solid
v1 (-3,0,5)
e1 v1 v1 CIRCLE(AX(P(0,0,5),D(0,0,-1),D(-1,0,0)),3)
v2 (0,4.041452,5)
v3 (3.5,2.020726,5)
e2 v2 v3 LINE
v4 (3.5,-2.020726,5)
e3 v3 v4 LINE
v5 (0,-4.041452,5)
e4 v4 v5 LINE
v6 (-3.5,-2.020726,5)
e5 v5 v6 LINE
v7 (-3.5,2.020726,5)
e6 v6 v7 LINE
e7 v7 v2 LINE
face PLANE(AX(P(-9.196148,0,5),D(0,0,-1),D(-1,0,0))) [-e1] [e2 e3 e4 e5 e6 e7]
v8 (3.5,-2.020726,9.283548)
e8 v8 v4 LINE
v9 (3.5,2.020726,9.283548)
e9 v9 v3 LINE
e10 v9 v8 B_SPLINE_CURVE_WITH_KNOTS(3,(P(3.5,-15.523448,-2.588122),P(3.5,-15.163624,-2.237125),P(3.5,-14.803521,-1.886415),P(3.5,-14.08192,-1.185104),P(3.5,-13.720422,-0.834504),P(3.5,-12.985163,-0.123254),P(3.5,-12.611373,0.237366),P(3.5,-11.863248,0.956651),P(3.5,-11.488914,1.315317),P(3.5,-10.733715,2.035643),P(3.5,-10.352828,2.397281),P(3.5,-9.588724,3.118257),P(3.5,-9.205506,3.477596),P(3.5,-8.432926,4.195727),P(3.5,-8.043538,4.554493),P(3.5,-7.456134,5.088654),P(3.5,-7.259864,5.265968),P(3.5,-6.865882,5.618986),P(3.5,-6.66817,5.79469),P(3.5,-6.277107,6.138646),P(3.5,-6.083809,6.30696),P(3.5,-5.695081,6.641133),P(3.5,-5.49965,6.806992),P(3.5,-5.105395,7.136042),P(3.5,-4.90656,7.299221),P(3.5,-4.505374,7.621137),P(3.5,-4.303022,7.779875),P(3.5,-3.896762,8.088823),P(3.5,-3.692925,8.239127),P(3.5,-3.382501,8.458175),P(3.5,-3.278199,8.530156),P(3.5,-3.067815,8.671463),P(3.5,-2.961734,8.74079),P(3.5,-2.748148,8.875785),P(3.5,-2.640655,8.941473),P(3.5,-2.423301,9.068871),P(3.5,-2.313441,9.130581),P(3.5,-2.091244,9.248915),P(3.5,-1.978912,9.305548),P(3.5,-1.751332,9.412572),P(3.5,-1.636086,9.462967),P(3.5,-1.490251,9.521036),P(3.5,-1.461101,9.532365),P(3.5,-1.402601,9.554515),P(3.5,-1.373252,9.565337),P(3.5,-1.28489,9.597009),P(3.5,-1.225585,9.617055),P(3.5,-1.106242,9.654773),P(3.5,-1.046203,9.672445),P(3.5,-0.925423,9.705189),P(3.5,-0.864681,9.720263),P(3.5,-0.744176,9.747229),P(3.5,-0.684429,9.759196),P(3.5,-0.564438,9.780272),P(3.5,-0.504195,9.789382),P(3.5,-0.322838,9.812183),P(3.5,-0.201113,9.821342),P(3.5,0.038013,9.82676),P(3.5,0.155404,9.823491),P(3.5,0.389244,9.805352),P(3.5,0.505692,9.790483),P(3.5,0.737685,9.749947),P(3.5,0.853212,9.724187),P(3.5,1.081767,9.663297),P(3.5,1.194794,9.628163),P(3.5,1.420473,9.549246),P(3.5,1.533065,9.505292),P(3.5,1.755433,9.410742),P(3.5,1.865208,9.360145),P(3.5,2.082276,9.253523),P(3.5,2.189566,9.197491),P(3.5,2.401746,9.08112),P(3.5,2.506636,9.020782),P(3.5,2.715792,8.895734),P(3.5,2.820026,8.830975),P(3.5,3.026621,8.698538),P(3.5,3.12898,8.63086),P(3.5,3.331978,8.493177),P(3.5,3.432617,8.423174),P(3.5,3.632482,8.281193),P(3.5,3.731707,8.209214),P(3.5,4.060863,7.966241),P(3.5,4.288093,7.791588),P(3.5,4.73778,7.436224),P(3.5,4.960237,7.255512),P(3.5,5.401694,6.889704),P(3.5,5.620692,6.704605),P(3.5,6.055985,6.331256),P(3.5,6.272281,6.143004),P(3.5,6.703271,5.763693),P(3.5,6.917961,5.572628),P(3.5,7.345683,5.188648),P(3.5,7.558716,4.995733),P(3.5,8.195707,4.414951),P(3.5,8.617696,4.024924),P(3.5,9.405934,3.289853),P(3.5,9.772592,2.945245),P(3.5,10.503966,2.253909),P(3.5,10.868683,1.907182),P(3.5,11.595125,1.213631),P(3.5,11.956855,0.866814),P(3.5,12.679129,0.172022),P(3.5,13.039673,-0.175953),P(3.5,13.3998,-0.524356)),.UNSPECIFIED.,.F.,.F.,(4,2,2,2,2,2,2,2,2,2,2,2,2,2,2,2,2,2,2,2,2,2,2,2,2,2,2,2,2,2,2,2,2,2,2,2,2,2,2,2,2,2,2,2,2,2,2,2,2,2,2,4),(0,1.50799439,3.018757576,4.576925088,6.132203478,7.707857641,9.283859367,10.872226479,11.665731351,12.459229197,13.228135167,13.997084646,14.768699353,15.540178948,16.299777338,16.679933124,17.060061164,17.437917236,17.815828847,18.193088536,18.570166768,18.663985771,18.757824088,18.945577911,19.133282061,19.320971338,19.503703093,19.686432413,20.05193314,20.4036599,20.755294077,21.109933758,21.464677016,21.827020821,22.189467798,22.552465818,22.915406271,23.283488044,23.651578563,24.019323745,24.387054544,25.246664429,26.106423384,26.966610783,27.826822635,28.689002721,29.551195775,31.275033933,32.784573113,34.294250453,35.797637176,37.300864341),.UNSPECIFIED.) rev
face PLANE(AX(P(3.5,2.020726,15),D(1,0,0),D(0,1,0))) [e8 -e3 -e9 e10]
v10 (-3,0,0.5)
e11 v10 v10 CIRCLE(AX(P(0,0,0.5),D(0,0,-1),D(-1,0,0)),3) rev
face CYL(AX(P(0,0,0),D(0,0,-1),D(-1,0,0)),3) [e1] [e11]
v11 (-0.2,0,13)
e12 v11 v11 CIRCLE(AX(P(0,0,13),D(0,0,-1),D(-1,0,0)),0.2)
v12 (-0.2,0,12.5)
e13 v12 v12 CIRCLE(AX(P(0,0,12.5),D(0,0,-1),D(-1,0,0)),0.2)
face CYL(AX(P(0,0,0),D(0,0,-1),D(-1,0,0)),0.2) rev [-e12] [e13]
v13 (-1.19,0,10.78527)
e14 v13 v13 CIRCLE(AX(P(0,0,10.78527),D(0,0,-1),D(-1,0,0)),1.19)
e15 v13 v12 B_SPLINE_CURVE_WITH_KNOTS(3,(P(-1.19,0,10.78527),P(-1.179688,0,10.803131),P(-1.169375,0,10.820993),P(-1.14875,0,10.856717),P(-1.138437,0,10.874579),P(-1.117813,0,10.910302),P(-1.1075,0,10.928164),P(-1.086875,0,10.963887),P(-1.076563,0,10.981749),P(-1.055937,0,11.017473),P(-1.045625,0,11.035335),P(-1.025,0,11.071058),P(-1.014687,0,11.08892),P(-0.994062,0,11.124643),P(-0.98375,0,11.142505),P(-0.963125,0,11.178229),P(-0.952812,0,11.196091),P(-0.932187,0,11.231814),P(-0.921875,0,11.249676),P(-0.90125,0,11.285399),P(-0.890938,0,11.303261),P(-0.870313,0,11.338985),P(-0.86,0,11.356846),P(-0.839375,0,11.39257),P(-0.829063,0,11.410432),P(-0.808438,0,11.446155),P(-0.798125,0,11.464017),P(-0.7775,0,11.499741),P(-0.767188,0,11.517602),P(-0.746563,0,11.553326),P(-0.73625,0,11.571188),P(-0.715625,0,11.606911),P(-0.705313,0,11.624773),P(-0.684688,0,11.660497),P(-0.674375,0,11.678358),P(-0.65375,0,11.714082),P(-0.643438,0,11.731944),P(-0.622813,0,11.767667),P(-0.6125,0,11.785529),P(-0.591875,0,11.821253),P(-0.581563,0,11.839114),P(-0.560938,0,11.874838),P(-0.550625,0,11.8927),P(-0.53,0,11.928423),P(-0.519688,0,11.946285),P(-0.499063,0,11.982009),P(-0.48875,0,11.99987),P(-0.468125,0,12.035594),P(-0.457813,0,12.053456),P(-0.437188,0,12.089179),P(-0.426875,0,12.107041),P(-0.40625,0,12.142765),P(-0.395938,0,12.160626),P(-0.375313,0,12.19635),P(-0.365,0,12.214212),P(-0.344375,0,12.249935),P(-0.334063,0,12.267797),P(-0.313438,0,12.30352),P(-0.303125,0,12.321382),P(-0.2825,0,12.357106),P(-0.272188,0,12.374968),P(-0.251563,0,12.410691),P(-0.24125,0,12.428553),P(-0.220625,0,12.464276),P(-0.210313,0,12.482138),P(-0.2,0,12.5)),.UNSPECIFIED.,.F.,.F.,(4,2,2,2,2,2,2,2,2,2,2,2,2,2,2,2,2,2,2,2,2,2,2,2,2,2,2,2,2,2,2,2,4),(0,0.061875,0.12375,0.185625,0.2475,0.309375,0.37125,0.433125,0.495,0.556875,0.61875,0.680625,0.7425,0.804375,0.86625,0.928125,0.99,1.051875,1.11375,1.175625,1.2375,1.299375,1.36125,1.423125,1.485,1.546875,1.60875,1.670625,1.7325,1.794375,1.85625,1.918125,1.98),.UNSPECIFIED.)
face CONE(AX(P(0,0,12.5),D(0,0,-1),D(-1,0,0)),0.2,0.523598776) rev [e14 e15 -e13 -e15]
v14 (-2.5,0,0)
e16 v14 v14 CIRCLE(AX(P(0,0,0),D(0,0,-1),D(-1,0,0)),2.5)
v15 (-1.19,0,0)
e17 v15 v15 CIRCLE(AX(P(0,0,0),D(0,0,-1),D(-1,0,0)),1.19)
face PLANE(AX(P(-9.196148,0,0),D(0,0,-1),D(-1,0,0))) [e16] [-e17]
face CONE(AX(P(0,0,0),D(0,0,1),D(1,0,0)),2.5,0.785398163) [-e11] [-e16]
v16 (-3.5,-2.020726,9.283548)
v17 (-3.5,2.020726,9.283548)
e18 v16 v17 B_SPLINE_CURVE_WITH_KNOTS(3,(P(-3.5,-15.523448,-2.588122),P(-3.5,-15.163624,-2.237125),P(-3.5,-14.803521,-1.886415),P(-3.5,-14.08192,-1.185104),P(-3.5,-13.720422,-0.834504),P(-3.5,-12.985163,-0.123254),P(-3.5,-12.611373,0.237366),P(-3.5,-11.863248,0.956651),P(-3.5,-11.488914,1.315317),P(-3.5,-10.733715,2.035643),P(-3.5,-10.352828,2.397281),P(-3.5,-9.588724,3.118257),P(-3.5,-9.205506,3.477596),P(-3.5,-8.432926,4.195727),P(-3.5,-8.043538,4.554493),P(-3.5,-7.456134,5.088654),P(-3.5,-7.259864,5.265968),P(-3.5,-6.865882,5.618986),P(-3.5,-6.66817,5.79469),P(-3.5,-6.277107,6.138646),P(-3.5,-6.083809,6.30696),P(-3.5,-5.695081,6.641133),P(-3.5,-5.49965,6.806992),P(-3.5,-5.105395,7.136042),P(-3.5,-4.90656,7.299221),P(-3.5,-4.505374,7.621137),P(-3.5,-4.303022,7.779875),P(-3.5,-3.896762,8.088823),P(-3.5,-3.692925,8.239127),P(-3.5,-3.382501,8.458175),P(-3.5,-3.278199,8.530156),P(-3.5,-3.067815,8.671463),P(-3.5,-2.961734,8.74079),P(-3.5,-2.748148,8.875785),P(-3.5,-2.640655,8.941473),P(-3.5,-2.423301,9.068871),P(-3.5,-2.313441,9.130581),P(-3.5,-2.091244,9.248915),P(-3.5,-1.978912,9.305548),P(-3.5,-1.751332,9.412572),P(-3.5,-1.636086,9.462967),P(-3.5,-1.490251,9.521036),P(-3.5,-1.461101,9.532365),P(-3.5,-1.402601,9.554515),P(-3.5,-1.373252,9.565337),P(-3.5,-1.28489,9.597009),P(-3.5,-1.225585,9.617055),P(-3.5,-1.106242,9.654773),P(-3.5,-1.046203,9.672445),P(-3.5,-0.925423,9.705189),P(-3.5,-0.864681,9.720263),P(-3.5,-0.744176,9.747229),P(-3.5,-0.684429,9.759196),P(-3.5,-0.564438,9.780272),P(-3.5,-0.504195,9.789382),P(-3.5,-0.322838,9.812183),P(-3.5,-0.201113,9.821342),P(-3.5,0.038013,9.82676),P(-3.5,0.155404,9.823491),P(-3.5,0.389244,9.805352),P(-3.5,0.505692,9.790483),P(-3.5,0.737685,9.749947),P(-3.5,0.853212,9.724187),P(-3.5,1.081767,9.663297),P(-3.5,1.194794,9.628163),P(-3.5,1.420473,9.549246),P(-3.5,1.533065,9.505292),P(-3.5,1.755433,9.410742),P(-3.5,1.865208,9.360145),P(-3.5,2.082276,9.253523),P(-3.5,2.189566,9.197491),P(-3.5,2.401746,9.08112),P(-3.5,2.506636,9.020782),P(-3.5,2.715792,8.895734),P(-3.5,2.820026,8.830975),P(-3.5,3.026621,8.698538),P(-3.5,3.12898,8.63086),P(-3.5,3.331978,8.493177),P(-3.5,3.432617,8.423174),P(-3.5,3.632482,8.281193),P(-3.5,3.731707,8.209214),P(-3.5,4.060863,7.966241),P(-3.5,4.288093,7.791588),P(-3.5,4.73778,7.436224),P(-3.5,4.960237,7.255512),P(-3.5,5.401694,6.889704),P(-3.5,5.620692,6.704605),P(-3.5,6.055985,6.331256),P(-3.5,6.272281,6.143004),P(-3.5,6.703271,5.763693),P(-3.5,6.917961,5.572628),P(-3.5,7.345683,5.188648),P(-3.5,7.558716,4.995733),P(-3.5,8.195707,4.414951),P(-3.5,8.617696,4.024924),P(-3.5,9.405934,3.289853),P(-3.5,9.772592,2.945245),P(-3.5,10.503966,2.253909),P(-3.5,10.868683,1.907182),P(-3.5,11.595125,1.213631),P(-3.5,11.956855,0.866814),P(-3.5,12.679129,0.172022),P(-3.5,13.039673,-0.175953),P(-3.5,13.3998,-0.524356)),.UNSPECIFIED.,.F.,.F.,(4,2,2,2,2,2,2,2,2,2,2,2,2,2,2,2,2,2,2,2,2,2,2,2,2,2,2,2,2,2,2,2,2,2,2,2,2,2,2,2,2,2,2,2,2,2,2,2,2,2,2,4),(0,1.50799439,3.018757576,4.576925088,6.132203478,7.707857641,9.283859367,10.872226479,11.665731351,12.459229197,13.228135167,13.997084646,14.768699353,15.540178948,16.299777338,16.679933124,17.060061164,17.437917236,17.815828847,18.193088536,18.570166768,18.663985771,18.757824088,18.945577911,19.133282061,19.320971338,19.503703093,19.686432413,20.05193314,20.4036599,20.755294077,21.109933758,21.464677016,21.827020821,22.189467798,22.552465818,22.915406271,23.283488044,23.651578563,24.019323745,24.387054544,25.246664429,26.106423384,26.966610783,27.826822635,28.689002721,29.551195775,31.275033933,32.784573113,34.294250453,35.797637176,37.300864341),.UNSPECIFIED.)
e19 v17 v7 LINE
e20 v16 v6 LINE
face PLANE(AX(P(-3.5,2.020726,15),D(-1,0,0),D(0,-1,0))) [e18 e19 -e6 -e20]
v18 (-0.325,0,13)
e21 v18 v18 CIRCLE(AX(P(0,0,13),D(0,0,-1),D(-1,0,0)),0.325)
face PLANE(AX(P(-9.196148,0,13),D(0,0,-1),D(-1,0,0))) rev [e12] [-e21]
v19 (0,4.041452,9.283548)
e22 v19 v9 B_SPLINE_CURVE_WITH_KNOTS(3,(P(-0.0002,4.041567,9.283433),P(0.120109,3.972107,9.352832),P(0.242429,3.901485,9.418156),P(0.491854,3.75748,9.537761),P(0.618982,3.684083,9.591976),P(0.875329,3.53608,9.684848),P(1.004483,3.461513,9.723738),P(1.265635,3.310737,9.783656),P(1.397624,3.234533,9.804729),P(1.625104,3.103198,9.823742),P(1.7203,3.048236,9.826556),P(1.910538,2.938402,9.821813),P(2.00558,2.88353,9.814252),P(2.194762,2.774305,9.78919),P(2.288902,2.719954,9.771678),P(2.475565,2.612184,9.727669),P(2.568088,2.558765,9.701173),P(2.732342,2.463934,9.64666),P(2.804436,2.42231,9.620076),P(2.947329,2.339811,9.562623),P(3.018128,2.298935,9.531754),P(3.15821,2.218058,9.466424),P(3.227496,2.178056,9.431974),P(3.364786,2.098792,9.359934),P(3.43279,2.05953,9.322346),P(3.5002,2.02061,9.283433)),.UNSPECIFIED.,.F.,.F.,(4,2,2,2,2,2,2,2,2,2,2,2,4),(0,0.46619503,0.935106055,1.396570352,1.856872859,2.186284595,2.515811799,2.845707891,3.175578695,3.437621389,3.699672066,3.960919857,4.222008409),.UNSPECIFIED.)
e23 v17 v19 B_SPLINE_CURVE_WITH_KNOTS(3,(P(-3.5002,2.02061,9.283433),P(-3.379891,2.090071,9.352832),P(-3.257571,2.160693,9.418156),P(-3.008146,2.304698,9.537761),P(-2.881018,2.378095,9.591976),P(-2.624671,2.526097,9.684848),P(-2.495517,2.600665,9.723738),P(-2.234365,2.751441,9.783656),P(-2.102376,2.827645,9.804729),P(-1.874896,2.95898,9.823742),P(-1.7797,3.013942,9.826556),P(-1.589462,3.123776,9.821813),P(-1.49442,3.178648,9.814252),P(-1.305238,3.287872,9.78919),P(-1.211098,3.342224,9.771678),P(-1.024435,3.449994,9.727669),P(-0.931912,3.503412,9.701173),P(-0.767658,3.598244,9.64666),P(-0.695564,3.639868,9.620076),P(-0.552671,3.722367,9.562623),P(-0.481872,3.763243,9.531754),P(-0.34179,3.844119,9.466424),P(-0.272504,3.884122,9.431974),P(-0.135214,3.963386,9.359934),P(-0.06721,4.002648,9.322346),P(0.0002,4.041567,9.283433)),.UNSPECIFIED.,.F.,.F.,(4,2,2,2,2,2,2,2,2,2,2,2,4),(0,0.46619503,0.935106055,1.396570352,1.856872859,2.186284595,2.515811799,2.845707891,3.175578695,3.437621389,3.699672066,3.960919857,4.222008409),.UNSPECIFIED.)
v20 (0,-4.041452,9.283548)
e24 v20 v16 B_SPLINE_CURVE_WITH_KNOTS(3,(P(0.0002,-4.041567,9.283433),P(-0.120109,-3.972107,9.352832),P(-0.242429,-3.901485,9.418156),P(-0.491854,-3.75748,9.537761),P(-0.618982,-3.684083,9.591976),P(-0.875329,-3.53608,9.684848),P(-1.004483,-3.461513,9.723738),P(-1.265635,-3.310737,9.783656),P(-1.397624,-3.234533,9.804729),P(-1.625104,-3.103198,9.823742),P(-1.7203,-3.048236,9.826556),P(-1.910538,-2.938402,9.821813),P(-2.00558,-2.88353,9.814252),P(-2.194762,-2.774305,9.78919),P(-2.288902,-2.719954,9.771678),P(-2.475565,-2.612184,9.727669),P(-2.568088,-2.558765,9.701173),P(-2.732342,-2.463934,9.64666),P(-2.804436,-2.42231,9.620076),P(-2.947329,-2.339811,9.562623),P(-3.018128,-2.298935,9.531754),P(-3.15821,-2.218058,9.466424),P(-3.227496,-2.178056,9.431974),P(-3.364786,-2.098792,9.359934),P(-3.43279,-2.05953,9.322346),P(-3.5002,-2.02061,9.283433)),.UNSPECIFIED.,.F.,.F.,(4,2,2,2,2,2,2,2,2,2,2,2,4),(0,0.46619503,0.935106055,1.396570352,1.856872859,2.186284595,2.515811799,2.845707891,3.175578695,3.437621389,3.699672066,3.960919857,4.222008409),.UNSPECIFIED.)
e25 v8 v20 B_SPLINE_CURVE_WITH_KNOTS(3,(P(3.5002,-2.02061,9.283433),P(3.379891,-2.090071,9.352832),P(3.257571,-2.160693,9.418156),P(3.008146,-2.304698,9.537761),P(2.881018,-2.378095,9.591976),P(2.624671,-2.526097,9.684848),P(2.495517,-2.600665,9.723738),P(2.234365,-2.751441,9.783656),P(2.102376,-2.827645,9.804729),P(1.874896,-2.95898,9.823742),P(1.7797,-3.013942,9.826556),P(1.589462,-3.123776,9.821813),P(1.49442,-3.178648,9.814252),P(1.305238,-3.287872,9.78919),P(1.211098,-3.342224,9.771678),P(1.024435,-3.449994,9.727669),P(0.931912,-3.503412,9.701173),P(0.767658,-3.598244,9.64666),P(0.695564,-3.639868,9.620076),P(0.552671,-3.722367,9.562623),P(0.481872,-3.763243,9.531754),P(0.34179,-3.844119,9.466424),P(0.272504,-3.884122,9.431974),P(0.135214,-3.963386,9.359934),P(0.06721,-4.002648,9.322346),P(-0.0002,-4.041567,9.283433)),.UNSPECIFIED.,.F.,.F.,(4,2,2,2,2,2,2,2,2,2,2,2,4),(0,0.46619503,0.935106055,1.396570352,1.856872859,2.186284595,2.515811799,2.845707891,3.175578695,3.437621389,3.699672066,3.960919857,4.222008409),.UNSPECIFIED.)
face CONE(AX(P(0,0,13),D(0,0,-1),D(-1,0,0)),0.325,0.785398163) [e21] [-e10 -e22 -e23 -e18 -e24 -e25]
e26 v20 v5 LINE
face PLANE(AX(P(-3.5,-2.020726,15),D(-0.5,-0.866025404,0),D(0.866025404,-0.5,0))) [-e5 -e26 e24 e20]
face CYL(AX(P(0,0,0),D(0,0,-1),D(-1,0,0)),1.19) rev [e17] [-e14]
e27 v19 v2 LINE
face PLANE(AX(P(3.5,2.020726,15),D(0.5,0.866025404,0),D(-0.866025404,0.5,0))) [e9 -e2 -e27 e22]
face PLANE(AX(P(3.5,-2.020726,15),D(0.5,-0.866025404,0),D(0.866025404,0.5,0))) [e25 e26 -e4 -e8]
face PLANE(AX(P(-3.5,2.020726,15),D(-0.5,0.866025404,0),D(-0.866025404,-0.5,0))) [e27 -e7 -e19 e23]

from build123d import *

# Parameters (mm, degrees)
SKETCH2_R          = 8.325
CUT_EXTRUDE2_DEPTH = 10
CHAMFER1_SIZE      = 0.5


with BuildPart() as part:
    # Sketch1 → Revolve1 (revolve)
    with BuildSketch(Plane(origin=(0, 0, 0), x_dir=(1, 0, 0), z_dir=(0, 1, 0)), mode=Mode.PRIVATE) as revolve1_sk:
        Polygon((1.19, 0), (3, 0), (3, -5), (8.325, -5), (0.325, -13), (0.2, -13), (0.2, -12.5), (1.19, -10.785269701), align=None)
    revolve(revolve1_sk.sketch.rotate(Axis((0, 0, 0), (0, 0, 1)), 180), axis=Axis((0, 0, 0), (0, 0, 1)))

    # Sketch2 → Cut-Extrude2 (cut)
    with BuildSketch(Plane(origin=(0, 0, 5), x_dir=(-1, 0, 0), z_dir=(0, 0, -1))):
        Circle(SKETCH2_R)
        Polygon((3.5, 2.020725942), (0, 4.041451884), (-3.5, 2.020725942), (-3.5, -2.020725942), (0, -4.041451884), (3.5, -2.020725942), align=None, mode=Mode.SUBTRACT)
    extrude(amount=-CUT_EXTRUDE2_DEPTH, mode=Mode.SUBTRACT)

    # Chamfer1
    chamfer1_edges = [part.edges().sort_by_distance(p)[0] for p in [
        (3, 0, 0),
    ]]
    chamfer(chamfer1_edges, length=CHAMFER1_SIZE)


solid = part.part
